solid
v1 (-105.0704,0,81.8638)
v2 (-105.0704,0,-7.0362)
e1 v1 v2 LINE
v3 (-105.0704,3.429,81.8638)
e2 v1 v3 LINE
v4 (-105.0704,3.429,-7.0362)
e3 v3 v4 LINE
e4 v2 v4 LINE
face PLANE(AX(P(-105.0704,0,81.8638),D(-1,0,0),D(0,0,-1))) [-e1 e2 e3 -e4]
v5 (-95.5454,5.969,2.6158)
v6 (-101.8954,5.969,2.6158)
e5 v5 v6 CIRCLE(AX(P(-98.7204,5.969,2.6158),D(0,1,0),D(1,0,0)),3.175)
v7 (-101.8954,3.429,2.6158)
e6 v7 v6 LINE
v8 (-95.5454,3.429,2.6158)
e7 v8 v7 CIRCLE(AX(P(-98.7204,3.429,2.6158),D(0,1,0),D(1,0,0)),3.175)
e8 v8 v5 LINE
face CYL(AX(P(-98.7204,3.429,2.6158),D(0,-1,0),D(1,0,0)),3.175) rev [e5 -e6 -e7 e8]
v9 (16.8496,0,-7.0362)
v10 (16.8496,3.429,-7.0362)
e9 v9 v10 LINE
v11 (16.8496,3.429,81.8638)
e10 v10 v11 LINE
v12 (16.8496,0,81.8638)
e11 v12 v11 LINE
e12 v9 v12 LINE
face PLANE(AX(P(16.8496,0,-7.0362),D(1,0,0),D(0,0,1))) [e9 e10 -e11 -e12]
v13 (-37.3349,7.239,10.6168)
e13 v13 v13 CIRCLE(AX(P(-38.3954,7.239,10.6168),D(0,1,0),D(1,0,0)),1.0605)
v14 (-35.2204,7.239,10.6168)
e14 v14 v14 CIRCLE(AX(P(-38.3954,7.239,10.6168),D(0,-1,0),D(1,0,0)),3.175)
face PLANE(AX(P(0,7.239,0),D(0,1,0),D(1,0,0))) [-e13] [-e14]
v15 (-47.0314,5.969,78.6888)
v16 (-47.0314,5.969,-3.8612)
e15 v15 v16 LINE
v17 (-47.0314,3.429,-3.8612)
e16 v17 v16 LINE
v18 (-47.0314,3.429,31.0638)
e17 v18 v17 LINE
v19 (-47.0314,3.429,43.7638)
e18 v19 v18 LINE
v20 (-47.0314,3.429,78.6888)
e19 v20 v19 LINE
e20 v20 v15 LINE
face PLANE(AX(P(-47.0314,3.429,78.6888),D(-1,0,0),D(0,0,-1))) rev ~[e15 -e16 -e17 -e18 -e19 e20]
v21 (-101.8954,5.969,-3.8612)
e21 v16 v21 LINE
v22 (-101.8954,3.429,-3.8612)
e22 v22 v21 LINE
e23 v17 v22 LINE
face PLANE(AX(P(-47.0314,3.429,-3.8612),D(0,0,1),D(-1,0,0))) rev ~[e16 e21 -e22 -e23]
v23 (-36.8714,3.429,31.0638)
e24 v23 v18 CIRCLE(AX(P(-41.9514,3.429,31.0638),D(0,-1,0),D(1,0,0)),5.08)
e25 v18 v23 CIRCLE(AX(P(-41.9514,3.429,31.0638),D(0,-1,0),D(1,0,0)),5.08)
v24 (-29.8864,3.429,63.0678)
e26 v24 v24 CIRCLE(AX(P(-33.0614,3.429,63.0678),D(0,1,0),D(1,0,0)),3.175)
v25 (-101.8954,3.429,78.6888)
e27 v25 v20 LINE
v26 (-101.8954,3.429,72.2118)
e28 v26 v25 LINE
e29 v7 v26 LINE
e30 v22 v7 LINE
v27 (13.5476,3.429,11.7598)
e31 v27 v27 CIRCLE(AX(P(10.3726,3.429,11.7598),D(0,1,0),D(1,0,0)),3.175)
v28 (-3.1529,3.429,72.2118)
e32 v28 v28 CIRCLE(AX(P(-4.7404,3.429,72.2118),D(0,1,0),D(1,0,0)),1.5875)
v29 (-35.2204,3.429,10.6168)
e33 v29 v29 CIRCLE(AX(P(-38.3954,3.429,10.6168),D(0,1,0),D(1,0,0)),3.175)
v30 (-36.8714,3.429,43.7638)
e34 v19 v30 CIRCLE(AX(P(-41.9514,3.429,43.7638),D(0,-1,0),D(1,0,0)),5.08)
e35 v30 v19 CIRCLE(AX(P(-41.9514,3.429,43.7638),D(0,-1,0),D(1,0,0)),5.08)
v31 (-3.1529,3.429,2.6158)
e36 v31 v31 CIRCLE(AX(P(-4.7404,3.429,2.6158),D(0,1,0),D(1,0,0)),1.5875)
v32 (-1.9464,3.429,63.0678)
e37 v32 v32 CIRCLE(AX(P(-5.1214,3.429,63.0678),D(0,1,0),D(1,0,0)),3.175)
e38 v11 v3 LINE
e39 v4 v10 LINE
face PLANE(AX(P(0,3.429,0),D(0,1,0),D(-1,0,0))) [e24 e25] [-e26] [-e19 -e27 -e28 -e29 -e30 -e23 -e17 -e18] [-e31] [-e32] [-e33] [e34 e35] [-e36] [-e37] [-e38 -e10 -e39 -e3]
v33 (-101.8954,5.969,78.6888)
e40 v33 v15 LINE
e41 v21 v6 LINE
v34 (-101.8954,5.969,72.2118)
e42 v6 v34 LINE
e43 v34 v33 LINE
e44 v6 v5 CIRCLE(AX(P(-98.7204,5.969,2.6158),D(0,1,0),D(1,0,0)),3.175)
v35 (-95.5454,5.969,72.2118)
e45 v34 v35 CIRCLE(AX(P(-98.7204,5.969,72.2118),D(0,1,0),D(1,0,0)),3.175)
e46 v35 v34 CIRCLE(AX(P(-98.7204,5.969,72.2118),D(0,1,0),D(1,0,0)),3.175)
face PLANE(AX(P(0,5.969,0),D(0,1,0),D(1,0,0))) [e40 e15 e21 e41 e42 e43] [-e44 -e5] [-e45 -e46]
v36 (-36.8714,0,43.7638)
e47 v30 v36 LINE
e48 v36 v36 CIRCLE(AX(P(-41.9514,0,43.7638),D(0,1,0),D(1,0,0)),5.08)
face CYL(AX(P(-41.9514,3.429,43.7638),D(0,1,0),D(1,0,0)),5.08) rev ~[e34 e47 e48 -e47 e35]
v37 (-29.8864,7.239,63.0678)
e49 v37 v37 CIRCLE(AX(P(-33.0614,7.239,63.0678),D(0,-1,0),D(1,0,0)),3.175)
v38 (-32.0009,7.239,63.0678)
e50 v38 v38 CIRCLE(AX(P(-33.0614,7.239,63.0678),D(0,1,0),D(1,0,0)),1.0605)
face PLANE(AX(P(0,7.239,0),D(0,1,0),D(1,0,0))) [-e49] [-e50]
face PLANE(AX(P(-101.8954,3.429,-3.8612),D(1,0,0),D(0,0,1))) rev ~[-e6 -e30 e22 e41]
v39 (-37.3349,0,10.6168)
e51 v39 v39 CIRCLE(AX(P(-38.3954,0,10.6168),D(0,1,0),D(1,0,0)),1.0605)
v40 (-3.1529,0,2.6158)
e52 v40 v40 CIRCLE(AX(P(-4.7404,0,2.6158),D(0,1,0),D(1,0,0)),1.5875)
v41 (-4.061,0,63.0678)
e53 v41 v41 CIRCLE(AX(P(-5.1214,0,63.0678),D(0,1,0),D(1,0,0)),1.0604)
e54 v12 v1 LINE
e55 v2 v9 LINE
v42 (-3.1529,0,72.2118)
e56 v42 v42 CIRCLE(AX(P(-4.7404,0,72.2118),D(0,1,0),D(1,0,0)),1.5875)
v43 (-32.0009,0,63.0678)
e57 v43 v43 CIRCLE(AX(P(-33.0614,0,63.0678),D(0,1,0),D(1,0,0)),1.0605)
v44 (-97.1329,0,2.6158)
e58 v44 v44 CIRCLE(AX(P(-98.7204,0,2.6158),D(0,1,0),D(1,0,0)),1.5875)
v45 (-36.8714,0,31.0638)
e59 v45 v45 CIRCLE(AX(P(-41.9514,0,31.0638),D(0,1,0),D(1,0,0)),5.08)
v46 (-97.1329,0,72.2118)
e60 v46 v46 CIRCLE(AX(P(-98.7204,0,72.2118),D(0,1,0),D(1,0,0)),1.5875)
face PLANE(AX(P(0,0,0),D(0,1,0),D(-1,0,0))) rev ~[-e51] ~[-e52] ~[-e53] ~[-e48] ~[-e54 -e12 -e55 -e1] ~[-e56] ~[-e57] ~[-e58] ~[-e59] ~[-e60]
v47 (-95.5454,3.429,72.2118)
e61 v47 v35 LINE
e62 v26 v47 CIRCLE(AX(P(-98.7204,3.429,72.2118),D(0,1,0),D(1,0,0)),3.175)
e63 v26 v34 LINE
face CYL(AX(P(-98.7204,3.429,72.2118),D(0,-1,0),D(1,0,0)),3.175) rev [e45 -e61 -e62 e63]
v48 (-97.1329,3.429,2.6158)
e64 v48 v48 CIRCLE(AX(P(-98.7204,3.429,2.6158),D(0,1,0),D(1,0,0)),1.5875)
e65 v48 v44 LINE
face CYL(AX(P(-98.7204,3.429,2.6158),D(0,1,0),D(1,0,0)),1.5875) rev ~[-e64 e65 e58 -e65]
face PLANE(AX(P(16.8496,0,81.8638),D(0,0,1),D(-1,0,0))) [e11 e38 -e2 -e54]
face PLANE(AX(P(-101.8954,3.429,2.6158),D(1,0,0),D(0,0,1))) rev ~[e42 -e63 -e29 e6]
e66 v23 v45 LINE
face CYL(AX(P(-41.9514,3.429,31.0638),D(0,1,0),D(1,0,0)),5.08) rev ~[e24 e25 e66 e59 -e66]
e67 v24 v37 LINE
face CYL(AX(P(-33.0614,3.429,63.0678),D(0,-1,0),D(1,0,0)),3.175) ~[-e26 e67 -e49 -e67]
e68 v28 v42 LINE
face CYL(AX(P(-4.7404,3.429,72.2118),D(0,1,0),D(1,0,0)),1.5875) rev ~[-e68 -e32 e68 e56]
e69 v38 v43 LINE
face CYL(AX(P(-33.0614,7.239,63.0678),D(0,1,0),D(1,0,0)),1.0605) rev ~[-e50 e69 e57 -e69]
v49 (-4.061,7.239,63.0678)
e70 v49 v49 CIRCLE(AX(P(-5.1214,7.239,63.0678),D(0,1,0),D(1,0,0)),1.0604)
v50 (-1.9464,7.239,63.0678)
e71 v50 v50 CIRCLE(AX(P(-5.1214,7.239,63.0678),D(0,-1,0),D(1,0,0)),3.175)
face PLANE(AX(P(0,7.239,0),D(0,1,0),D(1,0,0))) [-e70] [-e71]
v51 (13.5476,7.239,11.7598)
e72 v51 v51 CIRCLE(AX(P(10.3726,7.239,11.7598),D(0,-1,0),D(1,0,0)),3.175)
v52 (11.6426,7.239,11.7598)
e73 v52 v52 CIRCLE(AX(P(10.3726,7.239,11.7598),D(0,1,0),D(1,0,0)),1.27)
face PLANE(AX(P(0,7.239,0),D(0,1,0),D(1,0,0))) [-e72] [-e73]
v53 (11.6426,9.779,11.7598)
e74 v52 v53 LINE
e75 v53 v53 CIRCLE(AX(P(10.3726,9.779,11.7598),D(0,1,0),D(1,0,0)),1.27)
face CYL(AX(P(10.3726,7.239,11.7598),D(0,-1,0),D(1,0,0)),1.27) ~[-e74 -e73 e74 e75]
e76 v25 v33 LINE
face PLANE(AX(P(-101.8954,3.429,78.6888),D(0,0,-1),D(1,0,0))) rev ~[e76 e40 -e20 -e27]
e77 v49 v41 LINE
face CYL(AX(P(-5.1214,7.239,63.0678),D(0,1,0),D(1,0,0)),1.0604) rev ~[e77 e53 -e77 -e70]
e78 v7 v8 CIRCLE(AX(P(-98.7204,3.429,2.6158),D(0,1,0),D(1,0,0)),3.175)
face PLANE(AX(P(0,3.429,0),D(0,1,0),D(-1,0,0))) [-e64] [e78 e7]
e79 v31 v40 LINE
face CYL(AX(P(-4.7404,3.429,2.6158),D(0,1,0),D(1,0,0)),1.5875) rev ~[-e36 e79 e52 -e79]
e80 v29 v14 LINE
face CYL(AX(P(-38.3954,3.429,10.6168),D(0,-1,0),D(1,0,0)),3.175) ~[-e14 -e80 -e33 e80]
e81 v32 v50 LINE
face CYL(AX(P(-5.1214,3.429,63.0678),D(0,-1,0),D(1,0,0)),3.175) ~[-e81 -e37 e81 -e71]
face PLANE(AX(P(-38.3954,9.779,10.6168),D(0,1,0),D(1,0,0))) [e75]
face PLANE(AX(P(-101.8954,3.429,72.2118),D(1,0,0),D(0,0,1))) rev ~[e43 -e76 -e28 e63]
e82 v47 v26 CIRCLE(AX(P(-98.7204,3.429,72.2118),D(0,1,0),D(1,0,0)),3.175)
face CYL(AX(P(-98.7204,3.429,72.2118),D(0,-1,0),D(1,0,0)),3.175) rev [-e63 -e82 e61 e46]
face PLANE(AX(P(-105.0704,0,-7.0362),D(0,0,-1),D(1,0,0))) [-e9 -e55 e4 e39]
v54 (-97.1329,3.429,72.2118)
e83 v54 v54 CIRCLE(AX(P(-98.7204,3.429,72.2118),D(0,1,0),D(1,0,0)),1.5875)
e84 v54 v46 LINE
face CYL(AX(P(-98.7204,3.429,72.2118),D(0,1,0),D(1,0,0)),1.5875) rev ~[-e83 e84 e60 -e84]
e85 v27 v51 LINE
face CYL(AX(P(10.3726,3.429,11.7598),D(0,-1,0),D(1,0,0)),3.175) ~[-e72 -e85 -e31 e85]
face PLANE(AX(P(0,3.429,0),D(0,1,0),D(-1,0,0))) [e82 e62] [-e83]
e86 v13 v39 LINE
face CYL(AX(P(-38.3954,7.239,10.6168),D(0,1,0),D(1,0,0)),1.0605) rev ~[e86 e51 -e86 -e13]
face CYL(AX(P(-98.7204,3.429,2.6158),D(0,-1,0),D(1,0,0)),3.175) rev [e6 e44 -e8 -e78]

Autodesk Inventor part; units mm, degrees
ref_plane "YZ Plane" through (0, 0, 0) normal (1, 0, 0) x (0, 1, 0)
ref_plane "XZ Plane" through (0, 0, 0) normal (0, 1, 0) x (-1, 0, 0)
ref_plane "XY Plane" through (0, 0, 0) normal (0, 0, 1) x (1, 0, 0)
sketch "Sketch1" plane through (0, 0, 0) normal (0, 1, 0) x (-1, 0, 0)
  line L0 (-16.8496, 81.8638) -> (105.0704, 81.8638)
  line L1 (105.0704, 81.8638) -> (105.0704, -7.0362)
  line L2 (105.0704, -7.0362) -> (-16.8496, -7.0362)
  line L3 (-16.8496, -7.0362) -> (-16.8496, 81.8638)
  point P0 (0, 0)
  dimension "d0" = 121.92
  dimension "d1" = 88.9
extrude "Extrusion1" add sketch "Sketch1" along normal blind 3.429
sketch "Sketch2" plane through (0, 3.429, 0) normal (0, 1, 0) x (1, 0, 0)
  line L0 (-105.0704, -81.8638) -> (16.8496, -81.8638) projected
  line L1 (16.8496, 7.0362) -> (-105.0704, 7.0362) projected
  line L2 (-105.0704, 7.0362) -> (-105.0704, -81.8638) projected
  circle A0 centre (-98.7204, -2.6158) radius 1.5875
  circle A1 centre (-98.7204, -72.2118) radius 1.5875
  circle A2 centre (-4.7404, -2.6158) radius 1.5875
  circle A3 centre (-4.7404, -72.2118) radius 1.5875
  point P0 (0, 0)
  dimension "d4" = 121.92
  dimension "d5" = 88.9
  dimension "d6" = 6.35
  dimension "d8" = 6.35
  dimension "d12" = 3.175
  dimension "d13" = 3.175
  dimension "d15" = 3.175
  dimension "d18" = 93.98
  dimension "d20" = 69.596
  dimension "d21" = 9.652
  dimension "d22" = 9.652
  dimension "d23" = 3.175
  dimension "d64" = 9.652
  dimension "d65" = 9.652
extrude "Extrusion3" cut sketch "Sketch2" against normal through all
sketch "Sketch4" plane through (0, 3.429, 0) normal (0, 1, 0) x (1, 0, 0)
  circle A0 centre (-98.7204, -2.6158) radius 1.5875 projected
  circle A1 centre (-98.7204, -72.2118) radius 1.5875 projected
  line L0 (16.8496, 7.0362) -> (-105.0704, 7.0362) projected
  line L1 (-105.0704, 7.0362) -> (-105.0704, -81.8638) projected
  line L2 (-101.8954, -78.6888) -> (-47.0314, -78.6888)
  line L3 (-47.0314, -78.6888) -> (-47.0314, 3.8612)
  line L4 (-47.0314, 3.8612) -> (-101.8954, 3.8612)
  line L5 (-101.8954, 3.8612) -> (-101.8954, -78.6888)
  circle A2 centre (-98.7204, -2.6158) radius 3.175
  circle A3 centre (-98.7204, -72.2118) radius 3.175
  point P0 (0, 0)
  dimension "d26" = 54.864
  dimension "d27" = 82.55
  dimension "d28" = 3.175
  dimension "d29" = 3.175
  dimension "d38" = 3.175
extrude "Extrusion4" add sketch "Sketch4" along normal blind 2.54 contours L5 L4 L3 L2
sketch "Sketch5" plane through (0, 3.429, 0) normal (0, 1, 0) x (1, 0, 0)
  line L0 (-47.0314, 3.8612) -> (-47.0314, -78.6888) projected
  line L1 (-47.0314, -37.4138) -> (-47.0314, -31.0638)
  line L2 (-47.0314, -31.0638) -> (-47.0314, -43.7638)
  line L3 (-47.0314, -43.7638) -> (-41.9514, -43.7638)
  circle A0 centre (-41.9514, -43.7638) radius 5.08
  circle A1 centre (-41.9514, -31.0638) radius 5.08
  point P0 (0, 0)
  dimension "d35" = 6.35
  dimension "d36" = 12.7
  dimension "d37" = 5.08
extrude "Extrusion5" cut sketch "Sketch5" against normal through all
sketch "Sketch6" plane through (0, 3.429, 0) normal (0, 1, 0) x (1, 0, 0)
  line L0 (-47.0314, -31.0638) -> (-47.0314, -43.7638) projected
  line L1 (-105.0704, 7.0362) -> (-105.0704, -81.8638) projected
  line L2 (-47.0314, -37.4138) -> (-40.6814, -37.4138)
  line L3 (-40.6814, -37.4138) -> (-40.6814, -65.3538)
  line L4 (-40.6814, -65.3538) -> (-40.6814, 3.1754)
  line L5 (-40.6814, 3.1754) -> (12.6586, 3.1754)
  line L6 (12.6586, 3.1754) -> (12.6586, -65.3538)
  line L7 (12.6586, -65.3538) -> (-40.6814, -65.3538)
  line L8 (-40.6814, -65.3538) -> (-40.6814, -63.0678)
  line L9 (-40.6814, -63.0678) -> (12.6586, -63.0678)
  line L10 (-40.6814, -63.0678) -> (-33.0614, -63.0678)
  line L11 (-33.0614, -63.0678) -> (-5.1214, -63.0678)
  circle A0 centre (-33.0614, -63.0678) radius 3.175
  circle A1 centre (-5.1214, -63.0678) radius 3.175
  line L12 (-40.6814, 3.1754) -> (-38.3954, 3.1754)
  line L13 (-38.3954, 3.1754) -> (-38.3954, -65.3538)
  line L14 (-38.3954, 3.1754) -> (-38.3954, -10.6168)
  circle A2 centre (-38.3954, -10.6168) radius 3.175
  line L15 (10.3726, 3.1754) -> (10.3726, -11.7598)
  circle A3 centre (10.3726, -11.7598) radius 3.175
  point P0 (0, 0)
  dimension "d39" = 6.35
  dimension "d40" = 27.94
  dimension "d41" = 68.5292
  dimension "d42" = 53.34
  dimension "d43" = 2.286
  dimension "d44" = 7.62
  dimension "d45" = 27.94
  dimension "d46" = 6.35
  dimension "d47" = 6.35
  dimension "d48" = 2.286
  dimension "d49" = 13.7922
  dimension "d50" = 6.35
  dimension "d51" = 14.9352
  dimension "d52" = 2.286
  dimension "d53" = 6.35
extrude "Extrusion6" add sketch "Sketch6" along normal blind 3.81 contours A2 L4 | L4 A2 L13 | L13 A2 | A0 L9 | L9 A0 L7 | L7 A0 | A1 L9 | L9 A1 L7 | L7 A1 | A3 L6 | A3 L6
sketch "Sketch7" plane through (-38.3954, 7.239, 10.6168) normal (0, 1, 0) x (1, 0, 0)
  circle A0 centre (48.768, -1.143) radius 3.175 projected
  circle A1 centre (33.274, -52.451) radius 3.175 projected
  circle A2 centre (5.334, -52.451) radius 3.175 projected
  circle A3 centre (48.768, -1.143) radius 1.27
  point P0 (38.3954, 10.6168)
  dimension "d56" = 2.54
extrude "Extrusion7" add sketch "Sketch7" along normal blind 2.54 contours A3
sketch "Sketch8" plane through (-38.3954, 7.239, 10.6168) normal (0, 1, 0) x (1, 0, 0)
  circle A0 centre (0, 0) radius 3.175 projected
  circle A1 centre (5.334, -52.451) radius 3.175 projected
  circle A2 centre (33.274, -52.451) radius 3.175 projected
  circle A3 centre (0, 0) radius 1.0605
  circle A4 centre (5.334, -52.451) radius 1.0605
  circle A5 centre (33.274, -52.451) radius 1.0604
  point P0 (38.3954, 10.6168)
  dimension "d59" = 2.1209
  dimension "d60" = 2.1209
  dimension "d61" = 2.1209
extrude "Extrusion8" cut sketch "Sketch8" against normal through all contours A3 | A4 | A5
properties part number "base_plate_r2"
